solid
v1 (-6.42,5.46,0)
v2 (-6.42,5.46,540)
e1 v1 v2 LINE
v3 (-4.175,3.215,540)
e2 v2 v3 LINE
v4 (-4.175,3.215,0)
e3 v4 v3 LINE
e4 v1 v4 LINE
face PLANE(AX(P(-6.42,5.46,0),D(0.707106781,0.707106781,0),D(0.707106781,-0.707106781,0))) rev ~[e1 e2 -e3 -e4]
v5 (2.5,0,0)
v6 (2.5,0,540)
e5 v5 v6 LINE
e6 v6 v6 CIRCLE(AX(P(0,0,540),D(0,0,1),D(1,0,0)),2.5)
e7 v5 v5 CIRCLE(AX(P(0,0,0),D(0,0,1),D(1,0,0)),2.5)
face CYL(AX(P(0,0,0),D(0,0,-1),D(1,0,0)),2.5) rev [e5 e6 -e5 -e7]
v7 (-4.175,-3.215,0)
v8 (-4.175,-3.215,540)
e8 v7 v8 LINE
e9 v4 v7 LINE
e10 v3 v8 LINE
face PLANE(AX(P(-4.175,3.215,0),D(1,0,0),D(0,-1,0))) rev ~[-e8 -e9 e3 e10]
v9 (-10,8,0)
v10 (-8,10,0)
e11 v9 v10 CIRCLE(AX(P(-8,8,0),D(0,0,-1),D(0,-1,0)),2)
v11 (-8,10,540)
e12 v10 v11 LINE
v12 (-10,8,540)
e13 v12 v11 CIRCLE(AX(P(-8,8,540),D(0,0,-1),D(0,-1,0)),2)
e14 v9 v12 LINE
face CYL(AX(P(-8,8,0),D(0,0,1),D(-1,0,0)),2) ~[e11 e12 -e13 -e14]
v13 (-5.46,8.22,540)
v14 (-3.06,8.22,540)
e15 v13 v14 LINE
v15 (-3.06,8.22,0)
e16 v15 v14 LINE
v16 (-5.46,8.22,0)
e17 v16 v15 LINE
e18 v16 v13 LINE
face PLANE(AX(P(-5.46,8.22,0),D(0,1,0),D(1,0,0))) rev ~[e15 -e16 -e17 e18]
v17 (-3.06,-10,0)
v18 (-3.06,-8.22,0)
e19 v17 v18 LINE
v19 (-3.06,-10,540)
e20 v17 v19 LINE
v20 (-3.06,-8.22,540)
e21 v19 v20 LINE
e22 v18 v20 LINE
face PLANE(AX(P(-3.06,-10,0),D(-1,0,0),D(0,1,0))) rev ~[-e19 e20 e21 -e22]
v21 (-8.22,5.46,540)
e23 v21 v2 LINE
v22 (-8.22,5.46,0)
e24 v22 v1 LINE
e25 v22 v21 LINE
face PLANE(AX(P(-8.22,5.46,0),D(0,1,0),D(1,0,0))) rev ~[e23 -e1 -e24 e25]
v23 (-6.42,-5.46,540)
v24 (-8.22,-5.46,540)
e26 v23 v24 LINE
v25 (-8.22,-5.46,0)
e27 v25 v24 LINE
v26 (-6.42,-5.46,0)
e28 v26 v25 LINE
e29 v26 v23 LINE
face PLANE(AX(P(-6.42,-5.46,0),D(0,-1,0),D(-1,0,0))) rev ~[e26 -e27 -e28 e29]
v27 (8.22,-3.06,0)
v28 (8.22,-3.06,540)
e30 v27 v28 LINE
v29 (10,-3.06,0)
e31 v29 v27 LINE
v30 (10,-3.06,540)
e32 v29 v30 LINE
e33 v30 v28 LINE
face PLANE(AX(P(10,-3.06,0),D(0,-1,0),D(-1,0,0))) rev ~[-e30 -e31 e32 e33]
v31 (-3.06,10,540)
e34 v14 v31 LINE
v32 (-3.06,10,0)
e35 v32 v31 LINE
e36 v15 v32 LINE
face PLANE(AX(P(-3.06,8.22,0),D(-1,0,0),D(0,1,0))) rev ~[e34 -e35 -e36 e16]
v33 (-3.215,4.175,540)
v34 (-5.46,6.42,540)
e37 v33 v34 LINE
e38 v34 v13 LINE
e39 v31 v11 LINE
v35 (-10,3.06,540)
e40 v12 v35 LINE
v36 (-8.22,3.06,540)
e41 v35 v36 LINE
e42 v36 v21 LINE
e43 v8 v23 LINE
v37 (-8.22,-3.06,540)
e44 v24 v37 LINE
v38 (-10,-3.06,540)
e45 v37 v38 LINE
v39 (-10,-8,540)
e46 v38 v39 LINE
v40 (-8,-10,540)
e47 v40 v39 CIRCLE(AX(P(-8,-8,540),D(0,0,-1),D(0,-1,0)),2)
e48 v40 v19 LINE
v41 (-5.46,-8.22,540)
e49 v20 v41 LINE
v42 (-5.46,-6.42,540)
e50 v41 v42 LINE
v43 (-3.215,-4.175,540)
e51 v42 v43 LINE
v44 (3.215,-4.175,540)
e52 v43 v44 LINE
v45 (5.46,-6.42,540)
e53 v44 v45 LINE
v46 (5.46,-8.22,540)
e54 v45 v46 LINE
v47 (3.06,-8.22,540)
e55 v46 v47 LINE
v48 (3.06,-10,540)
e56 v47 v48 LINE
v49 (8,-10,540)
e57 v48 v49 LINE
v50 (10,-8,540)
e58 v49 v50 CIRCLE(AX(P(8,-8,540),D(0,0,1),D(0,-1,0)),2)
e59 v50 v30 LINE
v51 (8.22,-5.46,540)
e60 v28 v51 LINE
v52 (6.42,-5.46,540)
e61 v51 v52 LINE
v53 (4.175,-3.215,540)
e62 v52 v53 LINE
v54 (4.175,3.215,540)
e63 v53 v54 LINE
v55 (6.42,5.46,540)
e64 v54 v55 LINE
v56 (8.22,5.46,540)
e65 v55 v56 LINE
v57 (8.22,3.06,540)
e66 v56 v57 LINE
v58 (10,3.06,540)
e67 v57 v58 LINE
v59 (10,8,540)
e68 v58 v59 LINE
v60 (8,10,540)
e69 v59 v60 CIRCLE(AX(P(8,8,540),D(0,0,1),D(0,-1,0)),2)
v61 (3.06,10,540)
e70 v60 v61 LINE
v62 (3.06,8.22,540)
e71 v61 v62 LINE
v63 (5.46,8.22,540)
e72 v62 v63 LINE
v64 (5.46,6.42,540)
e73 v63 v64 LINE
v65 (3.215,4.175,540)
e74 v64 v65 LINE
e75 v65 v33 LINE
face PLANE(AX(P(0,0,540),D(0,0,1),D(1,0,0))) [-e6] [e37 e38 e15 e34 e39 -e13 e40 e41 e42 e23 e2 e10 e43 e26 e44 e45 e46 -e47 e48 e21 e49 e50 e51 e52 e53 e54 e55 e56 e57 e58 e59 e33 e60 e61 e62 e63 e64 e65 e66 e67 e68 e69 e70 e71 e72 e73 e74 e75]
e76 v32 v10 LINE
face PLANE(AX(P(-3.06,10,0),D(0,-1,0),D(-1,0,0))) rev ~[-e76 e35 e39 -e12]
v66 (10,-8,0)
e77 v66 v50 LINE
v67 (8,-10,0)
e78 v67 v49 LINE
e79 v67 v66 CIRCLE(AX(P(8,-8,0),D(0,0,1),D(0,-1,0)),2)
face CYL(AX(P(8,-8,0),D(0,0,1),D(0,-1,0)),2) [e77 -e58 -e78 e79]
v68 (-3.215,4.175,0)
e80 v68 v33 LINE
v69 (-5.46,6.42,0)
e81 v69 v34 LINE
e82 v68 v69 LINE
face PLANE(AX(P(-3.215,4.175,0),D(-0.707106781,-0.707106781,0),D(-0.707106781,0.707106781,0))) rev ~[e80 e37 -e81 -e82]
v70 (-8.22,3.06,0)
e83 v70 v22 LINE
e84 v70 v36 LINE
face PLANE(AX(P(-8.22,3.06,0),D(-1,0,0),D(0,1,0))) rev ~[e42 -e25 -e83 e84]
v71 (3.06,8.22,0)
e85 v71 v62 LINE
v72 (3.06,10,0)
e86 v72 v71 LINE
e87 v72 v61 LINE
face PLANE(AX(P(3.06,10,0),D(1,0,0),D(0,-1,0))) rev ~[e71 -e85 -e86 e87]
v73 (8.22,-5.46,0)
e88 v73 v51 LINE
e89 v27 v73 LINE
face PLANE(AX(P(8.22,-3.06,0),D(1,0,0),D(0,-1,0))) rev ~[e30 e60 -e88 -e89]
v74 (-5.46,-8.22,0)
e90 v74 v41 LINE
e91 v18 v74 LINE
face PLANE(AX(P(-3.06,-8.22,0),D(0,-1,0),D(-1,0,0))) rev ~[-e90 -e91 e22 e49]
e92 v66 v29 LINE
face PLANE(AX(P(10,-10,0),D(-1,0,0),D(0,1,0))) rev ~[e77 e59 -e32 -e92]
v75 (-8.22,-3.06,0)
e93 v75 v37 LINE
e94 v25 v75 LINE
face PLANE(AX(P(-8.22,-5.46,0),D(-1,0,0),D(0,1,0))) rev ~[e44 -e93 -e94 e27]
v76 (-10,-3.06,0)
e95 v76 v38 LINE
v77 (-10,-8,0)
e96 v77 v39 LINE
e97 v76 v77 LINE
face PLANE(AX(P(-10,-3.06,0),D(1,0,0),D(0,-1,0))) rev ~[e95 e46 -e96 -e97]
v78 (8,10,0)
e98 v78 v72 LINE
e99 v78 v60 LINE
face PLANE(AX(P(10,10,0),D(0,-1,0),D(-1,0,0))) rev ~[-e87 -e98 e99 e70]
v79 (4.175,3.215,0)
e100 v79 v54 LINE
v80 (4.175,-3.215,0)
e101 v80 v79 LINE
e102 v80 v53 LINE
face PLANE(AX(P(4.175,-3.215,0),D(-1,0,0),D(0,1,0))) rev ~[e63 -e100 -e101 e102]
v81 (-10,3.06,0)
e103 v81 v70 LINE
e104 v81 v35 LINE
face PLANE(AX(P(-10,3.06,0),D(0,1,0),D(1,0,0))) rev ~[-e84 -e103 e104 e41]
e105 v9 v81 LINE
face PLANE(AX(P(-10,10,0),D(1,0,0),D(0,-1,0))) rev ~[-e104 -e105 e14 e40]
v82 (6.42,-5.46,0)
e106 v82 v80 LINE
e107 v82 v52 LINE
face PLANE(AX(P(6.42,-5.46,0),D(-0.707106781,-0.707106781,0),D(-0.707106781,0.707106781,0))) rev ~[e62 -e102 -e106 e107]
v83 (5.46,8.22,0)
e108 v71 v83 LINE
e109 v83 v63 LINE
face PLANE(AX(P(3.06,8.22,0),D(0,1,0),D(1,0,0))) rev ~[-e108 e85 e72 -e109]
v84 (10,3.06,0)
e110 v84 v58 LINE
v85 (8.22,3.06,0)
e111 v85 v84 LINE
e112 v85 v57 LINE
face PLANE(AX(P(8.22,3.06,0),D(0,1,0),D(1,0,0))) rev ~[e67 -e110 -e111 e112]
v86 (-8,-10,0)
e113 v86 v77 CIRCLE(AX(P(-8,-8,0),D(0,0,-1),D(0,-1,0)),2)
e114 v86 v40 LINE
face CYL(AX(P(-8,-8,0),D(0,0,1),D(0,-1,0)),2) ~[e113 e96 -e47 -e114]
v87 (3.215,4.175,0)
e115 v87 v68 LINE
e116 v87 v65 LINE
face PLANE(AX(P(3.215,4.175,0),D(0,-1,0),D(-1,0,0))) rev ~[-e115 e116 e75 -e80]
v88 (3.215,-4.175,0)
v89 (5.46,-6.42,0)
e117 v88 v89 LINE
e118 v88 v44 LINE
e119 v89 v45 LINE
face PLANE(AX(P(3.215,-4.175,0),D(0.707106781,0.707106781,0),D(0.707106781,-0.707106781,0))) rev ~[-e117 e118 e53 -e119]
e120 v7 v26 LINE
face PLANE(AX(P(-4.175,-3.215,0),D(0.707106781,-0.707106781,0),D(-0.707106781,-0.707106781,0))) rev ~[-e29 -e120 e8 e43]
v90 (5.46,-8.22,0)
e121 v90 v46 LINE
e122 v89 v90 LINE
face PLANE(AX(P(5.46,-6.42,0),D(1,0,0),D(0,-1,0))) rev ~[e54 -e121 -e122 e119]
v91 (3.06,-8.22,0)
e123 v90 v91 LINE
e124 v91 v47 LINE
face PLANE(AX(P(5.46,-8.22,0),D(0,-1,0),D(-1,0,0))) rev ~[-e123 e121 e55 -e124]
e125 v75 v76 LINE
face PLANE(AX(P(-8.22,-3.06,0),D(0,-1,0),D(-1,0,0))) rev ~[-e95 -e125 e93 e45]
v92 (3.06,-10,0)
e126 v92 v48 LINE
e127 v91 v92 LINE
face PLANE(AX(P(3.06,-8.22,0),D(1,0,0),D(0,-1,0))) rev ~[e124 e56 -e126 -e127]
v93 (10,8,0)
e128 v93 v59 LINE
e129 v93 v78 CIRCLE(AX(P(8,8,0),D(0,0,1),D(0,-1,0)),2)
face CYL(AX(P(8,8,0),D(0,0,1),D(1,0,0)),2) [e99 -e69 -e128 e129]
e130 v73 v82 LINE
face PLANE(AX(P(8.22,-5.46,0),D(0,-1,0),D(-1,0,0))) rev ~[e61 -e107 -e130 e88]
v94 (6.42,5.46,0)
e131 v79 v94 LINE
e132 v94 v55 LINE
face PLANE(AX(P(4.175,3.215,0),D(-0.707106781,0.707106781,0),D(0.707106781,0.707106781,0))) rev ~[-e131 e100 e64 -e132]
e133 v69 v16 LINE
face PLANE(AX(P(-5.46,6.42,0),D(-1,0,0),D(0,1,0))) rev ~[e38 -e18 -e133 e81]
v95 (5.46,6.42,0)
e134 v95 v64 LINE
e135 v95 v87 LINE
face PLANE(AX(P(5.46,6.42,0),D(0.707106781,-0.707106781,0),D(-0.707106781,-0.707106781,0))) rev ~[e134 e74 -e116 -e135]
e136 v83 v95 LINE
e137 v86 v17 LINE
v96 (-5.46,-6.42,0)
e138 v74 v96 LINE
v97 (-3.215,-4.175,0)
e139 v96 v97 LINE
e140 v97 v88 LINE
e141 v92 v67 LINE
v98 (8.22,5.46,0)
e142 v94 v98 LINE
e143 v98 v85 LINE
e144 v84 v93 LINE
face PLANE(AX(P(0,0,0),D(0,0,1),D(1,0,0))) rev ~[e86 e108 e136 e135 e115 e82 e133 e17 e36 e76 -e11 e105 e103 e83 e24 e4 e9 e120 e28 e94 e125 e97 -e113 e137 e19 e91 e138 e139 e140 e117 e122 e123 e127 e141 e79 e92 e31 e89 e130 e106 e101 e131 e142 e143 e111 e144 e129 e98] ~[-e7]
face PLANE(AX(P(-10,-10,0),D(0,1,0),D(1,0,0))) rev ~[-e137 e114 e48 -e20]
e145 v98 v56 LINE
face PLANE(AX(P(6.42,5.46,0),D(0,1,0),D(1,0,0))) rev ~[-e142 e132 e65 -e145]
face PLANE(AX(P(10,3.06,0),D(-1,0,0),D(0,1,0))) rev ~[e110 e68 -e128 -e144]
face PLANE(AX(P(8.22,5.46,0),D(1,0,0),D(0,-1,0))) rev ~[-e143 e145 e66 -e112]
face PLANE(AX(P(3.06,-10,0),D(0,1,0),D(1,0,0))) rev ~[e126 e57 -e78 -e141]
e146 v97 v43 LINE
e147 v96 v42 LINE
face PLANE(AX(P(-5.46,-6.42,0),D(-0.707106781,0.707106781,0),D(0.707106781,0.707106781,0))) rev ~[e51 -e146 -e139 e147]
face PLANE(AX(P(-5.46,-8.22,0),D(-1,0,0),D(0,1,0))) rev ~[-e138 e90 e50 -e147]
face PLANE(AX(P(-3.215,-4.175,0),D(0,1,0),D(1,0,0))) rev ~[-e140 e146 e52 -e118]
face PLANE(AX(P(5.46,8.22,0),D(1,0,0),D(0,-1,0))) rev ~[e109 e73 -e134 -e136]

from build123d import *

# Parameters (mm, degrees)
SKETCH1_R           = 2.5
BOSS_EXTRUDE1_DEPTH = 540
FILLET1_R           = 2


with BuildPart() as part:
    # Sketch1 → Boss-Extrude1 (new body)
    with BuildSketch(Plane.XY):
        Polygon((-5.46, -6.42), (-3.215, -4.175), (3.215, -4.175), (5.46, -6.42), (5.46, -8.22), (3.06, -8.22), (3.06, -10), (10, -10), (10, -3.06), (8.22, -3.06), (8.22, -5.46), (6.42, -5.46), (4.175, -3.215), (4.175, 3.215), (6.42, 5.46), (8.22, 5.46), (8.22, 3.06), (10, 3.06), (10, 10), (3.06, 10), (3.06, 8.22), (5.46, 8.22), (5.46, 6.42), (3.215, 4.175), (-3.215, 4.175), (-5.46, 6.42), (-5.46, 8.22), (-3.06, 8.22), (-3.06, 10), (-10, 10), (-10, 3.06), (-8.22, 3.06), (-8.22, 5.46), (-6.42, 5.46), (-4.175, 3.215), (-4.175, -3.215), (-6.42, -5.46), (-8.22, -5.46), (-8.22, -3.06), (-10, -3.06), (-10, -10), (-3.06, -10), (-3.06, -8.22), (-5.46, -8.22), align=None)
        Circle(SKETCH1_R, mode=Mode.SUBTRACT)
    extrude(amount=BOSS_EXTRUDE1_DEPTH)

    # Fillet1
    fillet1_edges = [part.edges().sort_by_distance(p)[0] for p in [
        (10, -10, 270),
        (-10, -10, 270),
        (-10, 10, 270),
        (10, 10, 270),
    ]]
    fillet(fillet1_edges, radius=FILLET1_R)


solid = part.part
